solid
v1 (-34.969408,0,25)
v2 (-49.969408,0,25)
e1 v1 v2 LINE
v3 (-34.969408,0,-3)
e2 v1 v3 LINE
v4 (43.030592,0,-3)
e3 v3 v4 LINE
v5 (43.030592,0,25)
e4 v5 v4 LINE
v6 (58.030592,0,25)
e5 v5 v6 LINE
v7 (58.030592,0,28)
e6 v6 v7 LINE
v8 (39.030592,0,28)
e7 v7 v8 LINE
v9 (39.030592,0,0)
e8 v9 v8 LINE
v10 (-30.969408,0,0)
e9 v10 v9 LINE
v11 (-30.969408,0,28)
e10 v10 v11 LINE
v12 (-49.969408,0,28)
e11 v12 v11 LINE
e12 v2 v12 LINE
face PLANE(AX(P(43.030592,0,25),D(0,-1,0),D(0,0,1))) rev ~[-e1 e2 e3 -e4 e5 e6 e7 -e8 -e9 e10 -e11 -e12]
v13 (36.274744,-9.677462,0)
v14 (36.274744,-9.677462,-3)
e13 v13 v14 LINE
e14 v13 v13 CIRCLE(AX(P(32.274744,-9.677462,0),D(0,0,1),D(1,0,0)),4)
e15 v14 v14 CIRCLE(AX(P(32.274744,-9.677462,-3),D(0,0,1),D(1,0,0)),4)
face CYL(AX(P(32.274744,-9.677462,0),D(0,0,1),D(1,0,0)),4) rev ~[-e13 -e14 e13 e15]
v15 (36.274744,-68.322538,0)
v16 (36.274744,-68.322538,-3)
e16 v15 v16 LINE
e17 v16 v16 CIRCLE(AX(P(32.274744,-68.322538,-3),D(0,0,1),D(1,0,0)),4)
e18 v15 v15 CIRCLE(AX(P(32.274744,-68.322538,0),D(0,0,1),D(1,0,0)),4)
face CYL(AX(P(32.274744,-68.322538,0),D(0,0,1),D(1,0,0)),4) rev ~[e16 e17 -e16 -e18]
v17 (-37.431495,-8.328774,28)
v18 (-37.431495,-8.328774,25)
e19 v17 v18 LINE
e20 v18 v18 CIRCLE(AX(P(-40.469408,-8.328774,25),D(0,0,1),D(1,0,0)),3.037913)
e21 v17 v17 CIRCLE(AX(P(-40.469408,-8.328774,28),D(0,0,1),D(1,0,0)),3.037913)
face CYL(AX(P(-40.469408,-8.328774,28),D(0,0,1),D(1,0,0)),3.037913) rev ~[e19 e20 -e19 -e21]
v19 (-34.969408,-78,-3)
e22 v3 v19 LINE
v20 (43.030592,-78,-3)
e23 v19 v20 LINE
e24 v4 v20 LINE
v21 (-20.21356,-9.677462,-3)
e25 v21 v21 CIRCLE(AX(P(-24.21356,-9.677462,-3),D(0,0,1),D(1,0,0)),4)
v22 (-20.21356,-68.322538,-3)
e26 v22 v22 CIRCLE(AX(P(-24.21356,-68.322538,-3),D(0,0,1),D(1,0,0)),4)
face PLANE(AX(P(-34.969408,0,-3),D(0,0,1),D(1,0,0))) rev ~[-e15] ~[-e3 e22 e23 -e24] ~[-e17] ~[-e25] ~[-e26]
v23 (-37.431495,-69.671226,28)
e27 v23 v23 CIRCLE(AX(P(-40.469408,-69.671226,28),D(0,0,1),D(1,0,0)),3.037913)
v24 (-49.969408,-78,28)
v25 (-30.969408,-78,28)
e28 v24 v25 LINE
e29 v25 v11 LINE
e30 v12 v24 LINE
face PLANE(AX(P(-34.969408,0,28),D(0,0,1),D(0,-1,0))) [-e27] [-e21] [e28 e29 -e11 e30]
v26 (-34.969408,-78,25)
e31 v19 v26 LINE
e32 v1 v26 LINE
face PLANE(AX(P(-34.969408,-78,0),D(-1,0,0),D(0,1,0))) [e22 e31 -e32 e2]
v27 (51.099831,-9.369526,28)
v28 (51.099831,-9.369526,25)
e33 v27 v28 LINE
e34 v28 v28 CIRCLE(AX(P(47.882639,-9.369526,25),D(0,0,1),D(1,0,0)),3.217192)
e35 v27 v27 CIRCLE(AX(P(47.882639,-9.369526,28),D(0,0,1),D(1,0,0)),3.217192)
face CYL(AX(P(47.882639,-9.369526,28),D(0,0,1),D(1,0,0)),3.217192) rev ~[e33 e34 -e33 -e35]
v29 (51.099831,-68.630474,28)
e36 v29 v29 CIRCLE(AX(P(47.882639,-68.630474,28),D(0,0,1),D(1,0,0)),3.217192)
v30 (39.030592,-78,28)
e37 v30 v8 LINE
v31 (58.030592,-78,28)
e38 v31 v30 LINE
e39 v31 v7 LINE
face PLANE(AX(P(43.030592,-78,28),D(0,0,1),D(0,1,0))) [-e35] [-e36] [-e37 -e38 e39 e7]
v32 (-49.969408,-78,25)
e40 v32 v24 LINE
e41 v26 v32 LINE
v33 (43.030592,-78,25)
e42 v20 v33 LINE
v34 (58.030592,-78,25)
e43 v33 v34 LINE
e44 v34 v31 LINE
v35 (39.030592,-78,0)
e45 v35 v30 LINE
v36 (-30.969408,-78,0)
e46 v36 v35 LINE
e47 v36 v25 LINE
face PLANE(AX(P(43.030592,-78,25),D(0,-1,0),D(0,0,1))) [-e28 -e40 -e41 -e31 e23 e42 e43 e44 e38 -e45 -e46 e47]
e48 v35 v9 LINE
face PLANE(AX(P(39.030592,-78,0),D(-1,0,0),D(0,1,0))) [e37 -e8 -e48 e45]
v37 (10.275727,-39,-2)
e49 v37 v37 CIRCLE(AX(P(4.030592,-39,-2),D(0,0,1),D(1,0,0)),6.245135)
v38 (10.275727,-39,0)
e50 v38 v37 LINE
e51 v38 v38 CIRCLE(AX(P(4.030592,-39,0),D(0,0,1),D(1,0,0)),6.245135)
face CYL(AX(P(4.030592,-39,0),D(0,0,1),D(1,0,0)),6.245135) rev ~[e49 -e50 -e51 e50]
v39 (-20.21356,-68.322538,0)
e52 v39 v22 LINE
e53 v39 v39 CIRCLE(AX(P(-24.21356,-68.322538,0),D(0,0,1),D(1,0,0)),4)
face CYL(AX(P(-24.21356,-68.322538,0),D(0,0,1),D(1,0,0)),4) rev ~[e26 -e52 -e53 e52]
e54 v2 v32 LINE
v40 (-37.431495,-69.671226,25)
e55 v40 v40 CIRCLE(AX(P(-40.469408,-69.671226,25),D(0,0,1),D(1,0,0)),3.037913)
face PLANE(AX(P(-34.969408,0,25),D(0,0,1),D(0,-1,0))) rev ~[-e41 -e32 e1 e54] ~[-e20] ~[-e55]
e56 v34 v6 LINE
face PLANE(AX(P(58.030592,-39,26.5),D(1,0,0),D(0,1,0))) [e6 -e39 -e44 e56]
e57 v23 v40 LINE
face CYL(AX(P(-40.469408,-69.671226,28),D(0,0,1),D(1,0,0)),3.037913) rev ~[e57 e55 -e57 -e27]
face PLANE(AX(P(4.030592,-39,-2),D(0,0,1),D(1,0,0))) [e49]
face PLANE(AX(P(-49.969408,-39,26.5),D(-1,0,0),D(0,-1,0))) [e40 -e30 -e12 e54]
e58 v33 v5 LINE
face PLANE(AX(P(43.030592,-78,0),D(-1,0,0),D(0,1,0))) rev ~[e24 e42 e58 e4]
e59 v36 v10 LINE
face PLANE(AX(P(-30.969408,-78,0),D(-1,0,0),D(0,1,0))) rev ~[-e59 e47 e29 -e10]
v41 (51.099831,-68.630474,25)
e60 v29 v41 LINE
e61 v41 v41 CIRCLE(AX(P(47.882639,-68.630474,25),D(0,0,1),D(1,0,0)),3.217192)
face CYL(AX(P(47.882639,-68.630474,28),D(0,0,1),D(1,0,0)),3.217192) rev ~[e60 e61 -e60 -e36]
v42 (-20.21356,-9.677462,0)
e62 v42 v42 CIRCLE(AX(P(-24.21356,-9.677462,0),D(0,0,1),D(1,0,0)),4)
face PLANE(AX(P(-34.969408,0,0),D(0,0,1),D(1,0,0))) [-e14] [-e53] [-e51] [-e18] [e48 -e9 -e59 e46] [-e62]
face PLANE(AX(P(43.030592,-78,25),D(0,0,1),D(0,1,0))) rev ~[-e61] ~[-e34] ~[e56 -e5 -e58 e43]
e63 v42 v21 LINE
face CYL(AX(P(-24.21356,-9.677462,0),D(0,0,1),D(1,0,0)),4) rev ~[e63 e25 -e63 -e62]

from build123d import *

# Parameters (mm, degrees)
F0_W      = 78
F0_H      = 3
F1_DEPTH  = 78
F2_W      = 4
F2_H      = 78
F3_DEPTH  = 28
F4_W      = 4
F4_H      = 78
F5_DEPTH  = 28
F6_W      = 78
F6_H      = 3
F7_DEPTH  = 15
F8_W      = 78
F8_H      = 3
F9_DEPTH  = 15
F12_R     = 3.217192
F13_DEPTH = 22.5
F14_R     = 3.037913
F15_DEPTH = 18.4
F10_R     = 6.245135
F16_DEPTH = 2
F11_R     = 4
F17_DEPTH = 12.6


with BuildPart() as f1:
    # F0 (on Front) → F1 (new body)
    with BuildSketch(Plane.XZ):
        with Locations((4.030592, -1.5)):
            Rectangle(F0_W, F0_H)
    extrude(amount=F1_DEPTH)

    # F2 (on face) → F3 (join)
    with BuildSketch(Plane.XY):
        with Locations((-32.969408, -39)):
            Rectangle(F2_W, F2_H)
    extrude(amount=F3_DEPTH)

    # F4 (on face) → F5 (join)
    with BuildSketch(Plane.XY):
        with Locations((41.030592, -39)):
            Rectangle(F4_W, F4_H)
    extrude(amount=F5_DEPTH)

    # F6 (on face) → F7 (join)
    with BuildSketch(Plane(origin=(-34.969408, 0, 0), x_dir=(0, -1, 0), z_dir=(-1, 0, 0))):
        with Locations((39, 26.5)):
            Rectangle(F6_W, F6_H)
    extrude(amount=F7_DEPTH)

    # F8 (on face) → F9 (join)
    with BuildSketch(Plane.YZ.offset(43.030592)):
        with Locations((-39, 26.5)):
            Rectangle(F8_W, F8_H)
    extrude(amount=F9_DEPTH)

    # F12 (on face) → F13 (cut)
    with BuildSketch(Plane.XY.offset(28)):
        with Locations((47.882639, -9.369526)):
            Circle(F12_R)
        with Locations((47.882639, -68.630474)):
            Circle(F12_R)
    extrude(amount=-F13_DEPTH, mode=Mode.SUBTRACT)

    # F14 (on face) → F15 (cut)
    with BuildSketch(Plane.XY.offset(28)):
        with Locations((-40.469408, -8.328774)):
            Circle(F14_R)
        with Locations((-40.469408, -69.671226)):
            Circle(F14_R)
    extrude(amount=-F15_DEPTH, mode=Mode.SUBTRACT)

    # F10 (on face) → F16 (cut)
    with BuildSketch(Plane.XY):
        with Locations((4.030592, -39)):
            Circle(F10_R)
    extrude(amount=-F16_DEPTH, mode=Mode.SUBTRACT)

    # F11 (on face) → F17 (cut)
    with BuildSketch(Plane.XY):
        with Locations((-24.21356, -9.677462)):
            Circle(F11_R)
        with Locations((32.274744, -9.677462)):
            Circle(F11_R)
        with Locations((-24.21356, -68.322538)):
            Circle(F11_R)
        with Locations((32.274744, -68.322538)):
            Circle(F11_R)
    extrude(amount=-F17_DEPTH, mode=Mode.SUBTRACT)


solid = f1.part
